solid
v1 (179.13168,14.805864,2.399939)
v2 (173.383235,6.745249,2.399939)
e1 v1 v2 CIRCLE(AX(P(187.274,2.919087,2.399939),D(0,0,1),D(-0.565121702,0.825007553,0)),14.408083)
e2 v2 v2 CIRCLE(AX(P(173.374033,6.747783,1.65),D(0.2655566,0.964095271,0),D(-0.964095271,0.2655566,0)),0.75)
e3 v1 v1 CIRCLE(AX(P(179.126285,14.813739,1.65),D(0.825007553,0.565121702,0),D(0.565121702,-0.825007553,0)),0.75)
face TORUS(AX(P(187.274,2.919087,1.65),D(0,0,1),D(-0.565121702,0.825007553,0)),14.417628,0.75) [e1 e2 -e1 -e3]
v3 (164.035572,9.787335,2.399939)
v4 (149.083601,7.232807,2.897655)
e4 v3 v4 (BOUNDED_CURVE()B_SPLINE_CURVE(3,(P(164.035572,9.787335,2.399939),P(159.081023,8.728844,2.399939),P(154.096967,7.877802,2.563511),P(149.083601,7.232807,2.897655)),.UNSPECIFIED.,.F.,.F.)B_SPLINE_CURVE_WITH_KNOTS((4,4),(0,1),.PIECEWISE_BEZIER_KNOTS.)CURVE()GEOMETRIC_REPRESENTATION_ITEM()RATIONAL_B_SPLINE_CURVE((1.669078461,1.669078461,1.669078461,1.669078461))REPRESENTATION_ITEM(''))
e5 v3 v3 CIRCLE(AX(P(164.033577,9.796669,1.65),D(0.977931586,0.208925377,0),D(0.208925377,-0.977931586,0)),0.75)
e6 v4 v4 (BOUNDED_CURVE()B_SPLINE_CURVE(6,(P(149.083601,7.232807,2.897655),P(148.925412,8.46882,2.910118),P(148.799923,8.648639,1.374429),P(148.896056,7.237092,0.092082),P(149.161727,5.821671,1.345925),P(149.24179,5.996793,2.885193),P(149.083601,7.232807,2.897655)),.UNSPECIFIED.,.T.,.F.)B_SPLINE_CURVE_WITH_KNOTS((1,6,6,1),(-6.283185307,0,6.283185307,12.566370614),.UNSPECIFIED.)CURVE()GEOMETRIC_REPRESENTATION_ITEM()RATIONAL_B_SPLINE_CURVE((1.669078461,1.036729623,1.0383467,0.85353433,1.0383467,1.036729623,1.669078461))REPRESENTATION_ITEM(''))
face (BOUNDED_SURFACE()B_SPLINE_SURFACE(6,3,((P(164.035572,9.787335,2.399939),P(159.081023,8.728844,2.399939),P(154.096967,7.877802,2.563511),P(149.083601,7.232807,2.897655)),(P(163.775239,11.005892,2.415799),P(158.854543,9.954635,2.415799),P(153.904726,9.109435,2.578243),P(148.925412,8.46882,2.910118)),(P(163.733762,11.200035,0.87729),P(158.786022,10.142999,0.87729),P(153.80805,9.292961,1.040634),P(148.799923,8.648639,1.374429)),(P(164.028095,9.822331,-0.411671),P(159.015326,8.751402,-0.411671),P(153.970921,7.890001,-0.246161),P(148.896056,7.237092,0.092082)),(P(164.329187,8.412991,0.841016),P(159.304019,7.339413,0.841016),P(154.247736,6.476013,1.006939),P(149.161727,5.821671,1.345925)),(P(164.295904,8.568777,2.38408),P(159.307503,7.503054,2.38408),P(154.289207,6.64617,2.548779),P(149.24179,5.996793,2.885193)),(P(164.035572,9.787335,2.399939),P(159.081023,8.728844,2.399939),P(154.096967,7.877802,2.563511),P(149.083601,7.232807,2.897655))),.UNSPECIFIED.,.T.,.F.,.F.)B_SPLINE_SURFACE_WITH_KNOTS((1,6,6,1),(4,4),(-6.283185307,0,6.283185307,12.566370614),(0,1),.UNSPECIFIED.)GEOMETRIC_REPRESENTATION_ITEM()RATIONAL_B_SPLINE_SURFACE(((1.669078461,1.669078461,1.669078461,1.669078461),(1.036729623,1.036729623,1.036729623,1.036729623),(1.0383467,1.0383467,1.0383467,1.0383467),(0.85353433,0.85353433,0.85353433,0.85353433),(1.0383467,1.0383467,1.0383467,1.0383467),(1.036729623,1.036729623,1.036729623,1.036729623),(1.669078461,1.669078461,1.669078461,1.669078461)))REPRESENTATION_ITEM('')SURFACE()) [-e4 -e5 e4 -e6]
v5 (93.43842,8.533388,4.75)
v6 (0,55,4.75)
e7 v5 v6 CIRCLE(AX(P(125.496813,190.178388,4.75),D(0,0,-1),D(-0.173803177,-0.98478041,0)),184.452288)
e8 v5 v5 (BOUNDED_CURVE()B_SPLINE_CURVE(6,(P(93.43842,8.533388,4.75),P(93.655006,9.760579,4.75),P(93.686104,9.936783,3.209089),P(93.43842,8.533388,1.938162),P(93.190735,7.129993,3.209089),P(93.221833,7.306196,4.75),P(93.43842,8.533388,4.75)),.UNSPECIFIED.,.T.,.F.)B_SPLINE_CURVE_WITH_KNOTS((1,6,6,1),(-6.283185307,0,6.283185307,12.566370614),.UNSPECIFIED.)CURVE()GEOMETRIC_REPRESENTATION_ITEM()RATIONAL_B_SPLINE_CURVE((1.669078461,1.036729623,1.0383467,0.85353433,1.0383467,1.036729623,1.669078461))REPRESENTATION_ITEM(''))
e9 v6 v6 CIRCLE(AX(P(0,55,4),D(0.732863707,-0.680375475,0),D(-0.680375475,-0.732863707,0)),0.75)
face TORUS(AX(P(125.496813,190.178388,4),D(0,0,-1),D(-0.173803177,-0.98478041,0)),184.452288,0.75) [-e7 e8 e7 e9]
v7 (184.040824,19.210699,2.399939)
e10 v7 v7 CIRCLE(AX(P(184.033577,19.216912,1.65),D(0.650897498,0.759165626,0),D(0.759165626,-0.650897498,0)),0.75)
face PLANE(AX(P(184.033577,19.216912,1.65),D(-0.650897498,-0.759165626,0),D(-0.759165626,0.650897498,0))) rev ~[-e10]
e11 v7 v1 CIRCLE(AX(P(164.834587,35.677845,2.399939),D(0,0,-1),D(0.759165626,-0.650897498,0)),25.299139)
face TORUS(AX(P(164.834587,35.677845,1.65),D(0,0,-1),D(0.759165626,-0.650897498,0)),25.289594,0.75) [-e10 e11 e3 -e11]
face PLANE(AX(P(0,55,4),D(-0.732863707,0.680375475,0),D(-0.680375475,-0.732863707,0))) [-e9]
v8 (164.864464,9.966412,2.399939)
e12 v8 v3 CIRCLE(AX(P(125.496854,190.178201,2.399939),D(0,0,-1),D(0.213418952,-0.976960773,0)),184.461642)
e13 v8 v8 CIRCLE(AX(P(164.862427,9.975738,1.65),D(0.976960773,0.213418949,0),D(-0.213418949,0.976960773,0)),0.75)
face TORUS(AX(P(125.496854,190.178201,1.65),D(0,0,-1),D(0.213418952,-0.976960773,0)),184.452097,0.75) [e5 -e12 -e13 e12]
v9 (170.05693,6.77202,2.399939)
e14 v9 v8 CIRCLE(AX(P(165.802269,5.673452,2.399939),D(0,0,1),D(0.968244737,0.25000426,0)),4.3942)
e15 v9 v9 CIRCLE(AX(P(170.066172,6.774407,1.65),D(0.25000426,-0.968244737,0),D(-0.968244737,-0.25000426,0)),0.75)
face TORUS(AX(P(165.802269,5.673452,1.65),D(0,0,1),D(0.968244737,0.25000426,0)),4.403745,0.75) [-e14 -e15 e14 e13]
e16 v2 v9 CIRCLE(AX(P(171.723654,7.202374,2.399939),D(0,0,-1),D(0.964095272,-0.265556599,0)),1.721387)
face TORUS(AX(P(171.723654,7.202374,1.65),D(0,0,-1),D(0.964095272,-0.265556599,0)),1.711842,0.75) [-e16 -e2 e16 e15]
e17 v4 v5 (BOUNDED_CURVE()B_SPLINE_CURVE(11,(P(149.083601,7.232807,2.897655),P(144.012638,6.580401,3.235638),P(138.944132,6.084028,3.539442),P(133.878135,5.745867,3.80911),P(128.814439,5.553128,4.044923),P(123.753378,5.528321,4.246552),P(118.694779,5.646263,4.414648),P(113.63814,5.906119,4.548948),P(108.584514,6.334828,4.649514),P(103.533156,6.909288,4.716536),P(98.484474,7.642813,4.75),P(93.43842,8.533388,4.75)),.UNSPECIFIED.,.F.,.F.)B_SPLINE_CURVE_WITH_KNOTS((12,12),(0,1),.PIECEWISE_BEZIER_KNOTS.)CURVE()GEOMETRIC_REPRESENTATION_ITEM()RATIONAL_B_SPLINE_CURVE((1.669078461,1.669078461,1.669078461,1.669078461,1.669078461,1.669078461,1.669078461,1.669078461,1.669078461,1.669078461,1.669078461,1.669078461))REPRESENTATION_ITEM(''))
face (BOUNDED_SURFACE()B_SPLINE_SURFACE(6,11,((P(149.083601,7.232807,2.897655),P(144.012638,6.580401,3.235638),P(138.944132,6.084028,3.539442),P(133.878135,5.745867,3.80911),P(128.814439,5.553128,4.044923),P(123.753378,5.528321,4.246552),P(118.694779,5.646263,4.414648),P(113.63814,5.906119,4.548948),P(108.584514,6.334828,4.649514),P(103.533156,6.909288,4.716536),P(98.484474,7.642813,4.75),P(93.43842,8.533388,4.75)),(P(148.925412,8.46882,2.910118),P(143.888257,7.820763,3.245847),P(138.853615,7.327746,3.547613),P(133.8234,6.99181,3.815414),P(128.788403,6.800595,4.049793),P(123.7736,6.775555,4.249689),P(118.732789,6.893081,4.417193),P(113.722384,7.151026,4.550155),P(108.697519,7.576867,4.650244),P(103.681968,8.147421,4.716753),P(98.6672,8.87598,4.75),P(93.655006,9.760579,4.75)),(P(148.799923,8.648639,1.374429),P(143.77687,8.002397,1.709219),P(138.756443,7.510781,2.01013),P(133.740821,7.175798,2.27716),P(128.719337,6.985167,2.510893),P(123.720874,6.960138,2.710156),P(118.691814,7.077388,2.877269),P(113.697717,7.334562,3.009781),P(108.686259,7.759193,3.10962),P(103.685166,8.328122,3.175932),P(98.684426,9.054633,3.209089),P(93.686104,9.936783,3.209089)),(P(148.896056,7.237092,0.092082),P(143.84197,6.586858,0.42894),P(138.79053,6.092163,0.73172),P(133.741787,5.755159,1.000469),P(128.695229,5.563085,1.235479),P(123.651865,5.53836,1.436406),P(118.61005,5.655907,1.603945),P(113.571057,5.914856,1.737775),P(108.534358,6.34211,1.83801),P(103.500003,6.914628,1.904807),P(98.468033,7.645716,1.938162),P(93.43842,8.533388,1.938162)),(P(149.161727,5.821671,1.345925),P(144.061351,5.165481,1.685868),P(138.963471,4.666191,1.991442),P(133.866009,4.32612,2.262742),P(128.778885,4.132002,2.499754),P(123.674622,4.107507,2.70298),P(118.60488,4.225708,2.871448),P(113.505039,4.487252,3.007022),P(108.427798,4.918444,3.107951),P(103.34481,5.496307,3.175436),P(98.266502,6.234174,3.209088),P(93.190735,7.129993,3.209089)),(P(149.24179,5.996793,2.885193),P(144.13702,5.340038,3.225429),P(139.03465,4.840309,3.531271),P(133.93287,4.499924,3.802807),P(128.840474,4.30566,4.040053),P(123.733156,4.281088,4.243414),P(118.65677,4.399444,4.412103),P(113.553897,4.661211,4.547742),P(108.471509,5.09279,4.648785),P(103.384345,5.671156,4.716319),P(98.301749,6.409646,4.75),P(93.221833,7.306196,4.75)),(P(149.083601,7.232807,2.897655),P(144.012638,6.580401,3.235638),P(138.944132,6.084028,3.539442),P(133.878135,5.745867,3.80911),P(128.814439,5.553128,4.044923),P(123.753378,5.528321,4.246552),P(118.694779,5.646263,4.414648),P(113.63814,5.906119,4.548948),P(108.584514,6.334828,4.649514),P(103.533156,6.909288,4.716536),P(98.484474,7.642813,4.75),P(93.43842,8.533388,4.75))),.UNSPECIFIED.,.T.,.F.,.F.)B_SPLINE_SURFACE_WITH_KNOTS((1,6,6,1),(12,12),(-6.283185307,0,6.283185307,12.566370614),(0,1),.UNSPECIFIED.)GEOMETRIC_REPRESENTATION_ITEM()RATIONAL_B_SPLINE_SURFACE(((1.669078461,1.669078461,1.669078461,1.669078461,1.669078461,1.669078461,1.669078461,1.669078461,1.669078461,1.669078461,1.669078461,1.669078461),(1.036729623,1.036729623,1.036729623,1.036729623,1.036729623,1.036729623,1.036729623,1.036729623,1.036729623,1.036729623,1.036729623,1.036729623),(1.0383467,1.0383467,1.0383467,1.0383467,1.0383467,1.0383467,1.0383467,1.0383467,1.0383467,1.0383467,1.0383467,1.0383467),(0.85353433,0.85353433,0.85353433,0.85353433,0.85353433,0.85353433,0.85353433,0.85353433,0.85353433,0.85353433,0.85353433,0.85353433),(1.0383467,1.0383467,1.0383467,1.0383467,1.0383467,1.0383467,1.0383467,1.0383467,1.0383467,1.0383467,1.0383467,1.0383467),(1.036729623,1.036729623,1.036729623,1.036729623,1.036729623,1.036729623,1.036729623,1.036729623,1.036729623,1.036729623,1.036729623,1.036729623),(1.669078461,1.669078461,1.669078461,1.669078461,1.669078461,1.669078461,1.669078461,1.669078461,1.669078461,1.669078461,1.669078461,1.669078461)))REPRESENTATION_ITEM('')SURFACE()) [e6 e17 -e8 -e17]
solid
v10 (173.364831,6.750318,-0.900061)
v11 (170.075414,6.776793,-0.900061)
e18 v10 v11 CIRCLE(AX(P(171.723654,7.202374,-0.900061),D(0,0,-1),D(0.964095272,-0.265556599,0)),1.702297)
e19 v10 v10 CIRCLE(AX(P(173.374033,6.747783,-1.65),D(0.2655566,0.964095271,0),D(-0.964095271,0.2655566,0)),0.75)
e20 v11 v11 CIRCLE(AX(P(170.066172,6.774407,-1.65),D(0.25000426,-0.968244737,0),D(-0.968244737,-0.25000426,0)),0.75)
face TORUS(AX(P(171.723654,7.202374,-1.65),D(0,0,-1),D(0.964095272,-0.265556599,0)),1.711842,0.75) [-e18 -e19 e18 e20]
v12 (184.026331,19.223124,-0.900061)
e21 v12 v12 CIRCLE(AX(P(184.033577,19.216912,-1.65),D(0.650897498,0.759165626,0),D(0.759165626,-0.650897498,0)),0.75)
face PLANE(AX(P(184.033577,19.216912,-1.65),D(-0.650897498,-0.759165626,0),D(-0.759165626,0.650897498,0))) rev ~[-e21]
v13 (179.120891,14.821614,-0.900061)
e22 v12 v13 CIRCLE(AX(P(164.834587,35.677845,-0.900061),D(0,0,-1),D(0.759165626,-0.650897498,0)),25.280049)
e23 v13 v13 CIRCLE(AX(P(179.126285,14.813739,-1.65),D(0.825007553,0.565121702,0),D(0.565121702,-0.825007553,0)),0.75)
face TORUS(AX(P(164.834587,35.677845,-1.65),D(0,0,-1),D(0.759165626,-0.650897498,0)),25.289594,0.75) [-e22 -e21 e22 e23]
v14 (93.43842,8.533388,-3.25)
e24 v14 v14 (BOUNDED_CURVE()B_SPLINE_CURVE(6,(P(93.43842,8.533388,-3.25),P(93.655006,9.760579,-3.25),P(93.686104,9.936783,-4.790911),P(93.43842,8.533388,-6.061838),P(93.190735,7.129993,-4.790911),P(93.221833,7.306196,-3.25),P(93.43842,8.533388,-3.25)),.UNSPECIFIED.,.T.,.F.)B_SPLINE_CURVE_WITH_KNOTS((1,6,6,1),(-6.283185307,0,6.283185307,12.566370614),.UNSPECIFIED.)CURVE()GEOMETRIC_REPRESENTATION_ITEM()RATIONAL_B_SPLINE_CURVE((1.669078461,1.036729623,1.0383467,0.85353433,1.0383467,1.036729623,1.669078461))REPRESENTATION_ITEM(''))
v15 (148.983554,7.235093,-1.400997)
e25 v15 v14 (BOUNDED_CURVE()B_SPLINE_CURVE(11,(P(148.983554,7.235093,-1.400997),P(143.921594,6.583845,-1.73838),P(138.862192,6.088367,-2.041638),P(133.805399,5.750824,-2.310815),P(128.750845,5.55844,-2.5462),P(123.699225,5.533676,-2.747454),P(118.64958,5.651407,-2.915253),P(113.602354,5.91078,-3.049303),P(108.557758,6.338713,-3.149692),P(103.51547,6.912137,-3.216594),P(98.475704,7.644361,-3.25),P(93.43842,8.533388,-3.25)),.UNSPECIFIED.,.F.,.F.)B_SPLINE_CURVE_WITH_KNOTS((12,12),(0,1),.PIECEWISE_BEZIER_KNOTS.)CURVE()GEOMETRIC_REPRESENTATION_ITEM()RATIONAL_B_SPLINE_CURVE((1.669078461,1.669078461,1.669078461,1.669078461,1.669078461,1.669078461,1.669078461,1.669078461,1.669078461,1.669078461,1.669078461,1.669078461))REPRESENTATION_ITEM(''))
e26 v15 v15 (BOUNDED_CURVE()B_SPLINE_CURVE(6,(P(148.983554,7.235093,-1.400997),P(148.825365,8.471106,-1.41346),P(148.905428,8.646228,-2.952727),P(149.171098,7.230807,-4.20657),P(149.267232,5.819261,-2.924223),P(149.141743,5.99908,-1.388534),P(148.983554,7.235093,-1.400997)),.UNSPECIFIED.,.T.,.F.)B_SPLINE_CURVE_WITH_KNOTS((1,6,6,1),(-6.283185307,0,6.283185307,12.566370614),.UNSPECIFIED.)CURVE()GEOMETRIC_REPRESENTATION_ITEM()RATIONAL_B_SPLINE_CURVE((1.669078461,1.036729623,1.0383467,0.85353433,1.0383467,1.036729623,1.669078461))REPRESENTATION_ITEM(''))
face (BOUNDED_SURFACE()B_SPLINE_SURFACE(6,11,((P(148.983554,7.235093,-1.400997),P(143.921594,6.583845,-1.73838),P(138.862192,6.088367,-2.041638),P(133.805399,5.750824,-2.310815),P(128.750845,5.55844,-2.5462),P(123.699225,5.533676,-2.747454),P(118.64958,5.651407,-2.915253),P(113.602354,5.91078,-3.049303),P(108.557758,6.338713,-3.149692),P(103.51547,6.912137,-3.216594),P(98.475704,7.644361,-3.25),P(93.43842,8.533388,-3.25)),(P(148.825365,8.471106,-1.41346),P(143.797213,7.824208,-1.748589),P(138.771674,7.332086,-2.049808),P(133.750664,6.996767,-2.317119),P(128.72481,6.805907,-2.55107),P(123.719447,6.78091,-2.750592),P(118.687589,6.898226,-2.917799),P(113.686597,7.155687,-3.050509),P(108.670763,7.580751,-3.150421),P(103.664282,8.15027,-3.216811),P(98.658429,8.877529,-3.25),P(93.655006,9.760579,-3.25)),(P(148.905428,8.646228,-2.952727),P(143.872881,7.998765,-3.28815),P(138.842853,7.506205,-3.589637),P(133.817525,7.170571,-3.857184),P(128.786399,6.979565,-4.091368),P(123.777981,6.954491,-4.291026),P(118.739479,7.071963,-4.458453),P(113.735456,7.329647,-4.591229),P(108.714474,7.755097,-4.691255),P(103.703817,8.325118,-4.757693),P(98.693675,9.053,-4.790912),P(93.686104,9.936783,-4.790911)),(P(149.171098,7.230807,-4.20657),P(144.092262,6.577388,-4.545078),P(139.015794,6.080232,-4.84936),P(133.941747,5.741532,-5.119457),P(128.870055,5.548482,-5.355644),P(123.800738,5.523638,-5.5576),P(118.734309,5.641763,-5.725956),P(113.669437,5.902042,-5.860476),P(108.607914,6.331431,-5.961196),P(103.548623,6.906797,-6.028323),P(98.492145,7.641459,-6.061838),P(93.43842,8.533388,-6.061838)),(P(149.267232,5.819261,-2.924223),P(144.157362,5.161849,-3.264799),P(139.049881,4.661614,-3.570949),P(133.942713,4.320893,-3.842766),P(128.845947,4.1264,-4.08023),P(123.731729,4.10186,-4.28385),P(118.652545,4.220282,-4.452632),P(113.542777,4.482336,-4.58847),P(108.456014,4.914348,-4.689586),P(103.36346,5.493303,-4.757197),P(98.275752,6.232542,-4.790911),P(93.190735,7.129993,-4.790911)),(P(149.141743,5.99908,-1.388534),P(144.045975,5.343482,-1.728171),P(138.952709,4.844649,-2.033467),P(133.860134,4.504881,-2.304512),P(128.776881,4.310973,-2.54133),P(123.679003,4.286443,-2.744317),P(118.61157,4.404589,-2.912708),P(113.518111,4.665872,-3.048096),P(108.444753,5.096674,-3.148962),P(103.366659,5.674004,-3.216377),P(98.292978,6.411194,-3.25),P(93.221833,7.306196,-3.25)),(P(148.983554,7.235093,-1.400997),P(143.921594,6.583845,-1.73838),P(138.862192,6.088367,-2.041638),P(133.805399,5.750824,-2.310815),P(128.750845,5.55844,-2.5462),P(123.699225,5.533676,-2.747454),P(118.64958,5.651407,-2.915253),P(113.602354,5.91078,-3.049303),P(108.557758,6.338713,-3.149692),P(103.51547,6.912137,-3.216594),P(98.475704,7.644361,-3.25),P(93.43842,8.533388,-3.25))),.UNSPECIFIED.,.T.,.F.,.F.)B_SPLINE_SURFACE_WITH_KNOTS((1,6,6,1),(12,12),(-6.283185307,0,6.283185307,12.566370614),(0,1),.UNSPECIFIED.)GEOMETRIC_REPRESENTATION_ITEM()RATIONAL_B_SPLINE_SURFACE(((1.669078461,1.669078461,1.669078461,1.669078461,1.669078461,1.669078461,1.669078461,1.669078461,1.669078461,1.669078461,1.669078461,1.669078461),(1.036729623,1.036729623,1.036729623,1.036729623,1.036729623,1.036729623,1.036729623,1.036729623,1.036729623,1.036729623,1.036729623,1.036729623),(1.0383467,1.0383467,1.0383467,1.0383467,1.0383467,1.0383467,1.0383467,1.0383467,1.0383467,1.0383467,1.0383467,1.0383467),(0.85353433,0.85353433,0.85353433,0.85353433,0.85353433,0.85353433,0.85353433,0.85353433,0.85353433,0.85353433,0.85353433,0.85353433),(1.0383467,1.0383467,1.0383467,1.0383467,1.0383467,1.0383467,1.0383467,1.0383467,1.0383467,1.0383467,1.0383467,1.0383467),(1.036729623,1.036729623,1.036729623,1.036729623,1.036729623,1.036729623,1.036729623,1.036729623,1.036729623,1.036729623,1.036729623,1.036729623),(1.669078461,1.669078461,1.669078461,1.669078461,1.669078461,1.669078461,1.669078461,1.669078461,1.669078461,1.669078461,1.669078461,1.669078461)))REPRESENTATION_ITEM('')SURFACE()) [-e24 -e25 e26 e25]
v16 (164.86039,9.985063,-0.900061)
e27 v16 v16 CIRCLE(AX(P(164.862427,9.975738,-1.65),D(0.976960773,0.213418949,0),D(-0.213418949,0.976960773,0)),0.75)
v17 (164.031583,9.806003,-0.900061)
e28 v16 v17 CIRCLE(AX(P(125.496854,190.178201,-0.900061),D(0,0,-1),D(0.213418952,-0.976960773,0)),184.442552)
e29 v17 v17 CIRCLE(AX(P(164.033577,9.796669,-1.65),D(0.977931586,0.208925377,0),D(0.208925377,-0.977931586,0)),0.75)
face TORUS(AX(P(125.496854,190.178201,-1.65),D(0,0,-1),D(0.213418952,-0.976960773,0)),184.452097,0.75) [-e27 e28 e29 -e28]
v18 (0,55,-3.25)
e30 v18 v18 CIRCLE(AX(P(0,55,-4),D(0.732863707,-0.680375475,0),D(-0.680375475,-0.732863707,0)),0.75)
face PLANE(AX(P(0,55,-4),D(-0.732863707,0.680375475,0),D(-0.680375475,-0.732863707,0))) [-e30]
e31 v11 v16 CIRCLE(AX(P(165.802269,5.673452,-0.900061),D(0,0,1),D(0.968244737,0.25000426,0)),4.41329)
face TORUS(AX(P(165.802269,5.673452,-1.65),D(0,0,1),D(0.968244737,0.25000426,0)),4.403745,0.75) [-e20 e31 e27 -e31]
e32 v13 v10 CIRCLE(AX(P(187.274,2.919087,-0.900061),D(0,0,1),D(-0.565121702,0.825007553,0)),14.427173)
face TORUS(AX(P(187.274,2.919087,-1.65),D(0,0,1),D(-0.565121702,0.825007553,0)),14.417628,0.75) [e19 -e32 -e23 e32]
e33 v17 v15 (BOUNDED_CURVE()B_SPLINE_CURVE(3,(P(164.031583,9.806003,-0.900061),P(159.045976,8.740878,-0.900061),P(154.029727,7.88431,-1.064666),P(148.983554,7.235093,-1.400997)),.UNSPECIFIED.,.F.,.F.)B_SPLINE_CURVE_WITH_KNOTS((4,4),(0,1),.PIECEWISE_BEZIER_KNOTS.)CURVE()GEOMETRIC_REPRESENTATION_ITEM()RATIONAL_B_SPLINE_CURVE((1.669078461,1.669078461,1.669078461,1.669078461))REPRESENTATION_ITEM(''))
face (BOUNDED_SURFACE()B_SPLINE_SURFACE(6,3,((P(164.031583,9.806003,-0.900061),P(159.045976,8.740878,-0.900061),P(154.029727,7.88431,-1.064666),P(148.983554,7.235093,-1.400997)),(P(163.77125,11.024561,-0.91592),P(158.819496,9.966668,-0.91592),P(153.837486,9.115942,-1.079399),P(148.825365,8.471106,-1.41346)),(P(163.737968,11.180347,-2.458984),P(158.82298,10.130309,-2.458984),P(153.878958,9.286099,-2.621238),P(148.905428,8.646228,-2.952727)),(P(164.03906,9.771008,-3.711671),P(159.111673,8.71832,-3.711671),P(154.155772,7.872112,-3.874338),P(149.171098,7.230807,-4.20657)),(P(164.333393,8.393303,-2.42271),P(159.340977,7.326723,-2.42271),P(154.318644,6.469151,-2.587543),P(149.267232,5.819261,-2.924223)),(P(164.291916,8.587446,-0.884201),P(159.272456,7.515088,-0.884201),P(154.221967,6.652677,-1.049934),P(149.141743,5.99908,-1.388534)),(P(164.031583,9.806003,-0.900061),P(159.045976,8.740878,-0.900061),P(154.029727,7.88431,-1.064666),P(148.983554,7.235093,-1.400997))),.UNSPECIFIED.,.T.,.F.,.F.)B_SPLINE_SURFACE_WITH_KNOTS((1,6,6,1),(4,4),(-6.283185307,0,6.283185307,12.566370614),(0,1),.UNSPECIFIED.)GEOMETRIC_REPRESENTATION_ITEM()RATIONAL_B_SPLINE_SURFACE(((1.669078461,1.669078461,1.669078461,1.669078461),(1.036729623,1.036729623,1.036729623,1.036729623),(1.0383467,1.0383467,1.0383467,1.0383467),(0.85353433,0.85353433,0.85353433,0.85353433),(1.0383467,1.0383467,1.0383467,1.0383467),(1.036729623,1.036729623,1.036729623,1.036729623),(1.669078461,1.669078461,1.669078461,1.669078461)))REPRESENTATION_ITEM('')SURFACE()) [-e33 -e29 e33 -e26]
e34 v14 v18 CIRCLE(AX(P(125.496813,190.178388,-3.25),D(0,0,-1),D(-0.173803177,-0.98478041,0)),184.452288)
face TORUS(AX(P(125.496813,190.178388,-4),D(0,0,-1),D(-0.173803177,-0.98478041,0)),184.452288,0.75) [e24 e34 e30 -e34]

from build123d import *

# Parameters (mm, degrees)
SKETCH_4_R = 0.75
SKETCH_6_R = 0.75


with BuildPart() as part:
    # Sweep 1: sweep along a curve in space
    with BuildLine() as sweep_1_path:
        ThreePointArc((184.033577432, 19.216911575, 1.65), (181.724037621, 16.854720383, 1.65), (179.12628543, 14.813739023, 1.65))
        ThreePointArc((179.12628543, 14.813739023, 1.65), (175.53560253, 11.290348805, 1.65), (173.374033054, 6.747783482, 1.65))
        ThreePointArc((173.374033054, 6.747783482, 1.65), (171.709876944, 5.490587783, 1.65), (170.066172058, 6.774406631, 1.65))
        ThreePointArc((170.066172058, 6.774406631, 1.65), (168.10975149, 9.424250841, 1.65), (164.862426727, 9.97573761, 1.65))
        ThreePointArc((164.862426727, 9.97573761, 1.65), (164.448104982, 9.885727016, 1.65), (164.033577432, 9.79666903, 1.65))
        add(Edge.make_bspline(
            [(164.033577432, 9.79666903, 1.65), (159.063499428, 8.734861186, 1.65), (154.063346826, 7.881056098, 1.814088577), (149.033577432, 7.233949811, 2.149326031)],
            knots=[0, 0, 0, 0, 1, 1, 1, 1], degree=3))
        add(Edge.make_bspline(
            [(149.033577432, 7.233949811, 2.149326031), (139.745065114, 6.038933848, 2.768411517), (130.468085517, 5.560304975, 3.230939381), (111.936293691, 5.991899797, 3.846740517), (102.681480142, 6.902086701, 4), (93.438419589, 8.53338772, 4)],
            knots=[0, 0, 0, 0, 0.5, 0.5, 1, 1, 1, 1], degree=3))
        ThreePointArc((93.438419589, 8.53338772, 4), (43.364619073, 25.021040584, 4), (0, 55, 4))
    # Sketch 4 → Sweep 1 (sweep)
    with BuildSketch(Plane(origin=(0, 55, 4), x_dir=(0, 0, 1), z_dir=(-0.7328637073083618, 0.6803754746536974, 0))):
        Circle(SKETCH_4_R)
    sweep(path=sweep_1_path.line)


with BuildPart() as body_2:
    # Sweep 2: sweep along a curve in space
    with BuildLine() as sweep_2_path:
        ThreePointArc((184.033577432, 19.216911575, -1.65), (181.724037621, 16.854720383, -1.65), (179.12628543, 14.813739023, -1.65))
        ThreePointArc((179.12628543, 14.813739023, -1.65), (175.53560253, 11.290348805, -1.65), (173.374033054, 6.747783482, -1.65))
        ThreePointArc((173.374033054, 6.747783482, -1.65), (171.709876944, 5.490587783, -1.65), (170.066172058, 6.774406631, -1.65))
        ThreePointArc((170.066172058, 6.774406631, -1.65), (168.10975149, 9.424250841, -1.65), (164.862426727, 9.97573761, -1.65))
        ThreePointArc((164.862426727, 9.97573761, -1.65), (164.448104982, 9.885727016, -1.65), (164.033577432, 9.79666903, -1.65))
        add(Edge.make_bspline(
            [(164.033577432, 9.79666903, -1.65), (159.063499428, 8.734861186, -1.65), (154.063346826, 7.881056098, -1.814088577), (149.033577432, 7.233949811, -2.149326031)],
            knots=[0, 0, 0, 0, 1, 1, 1, 1], degree=3))
        add(Edge.make_bspline(
            [(149.033577432, 7.233949811, -2.149326031), (139.745065114, 6.038933848, -2.768411517), (130.468085517, 5.560304975, -3.230939381), (111.936293691, 5.991899797, -3.846740517), (102.681480142, 6.902086701, -4), (93.438419589, 8.53338772, -4)],
            knots=[0, 0, 0, 0, 0.5, 0.5, 1, 1, 1, 1], degree=3))
        ThreePointArc((93.438419589, 8.53338772, -4), (43.364619073, 25.021040584, -4), (0, 55, -4))
    # Sketch 6 → Sweep 2 (sweep)
    with BuildSketch(Plane(origin=(0, 55, 4), x_dir=(0, 0, 1), z_dir=(-0.7328637073083618, 0.6803754746536974, 0))):
        with Locations((-8, 0)):
            Circle(SKETCH_6_R)
    sweep(path=sweep_2_path.line)


solid = Compound([part.part, body_2.part])
